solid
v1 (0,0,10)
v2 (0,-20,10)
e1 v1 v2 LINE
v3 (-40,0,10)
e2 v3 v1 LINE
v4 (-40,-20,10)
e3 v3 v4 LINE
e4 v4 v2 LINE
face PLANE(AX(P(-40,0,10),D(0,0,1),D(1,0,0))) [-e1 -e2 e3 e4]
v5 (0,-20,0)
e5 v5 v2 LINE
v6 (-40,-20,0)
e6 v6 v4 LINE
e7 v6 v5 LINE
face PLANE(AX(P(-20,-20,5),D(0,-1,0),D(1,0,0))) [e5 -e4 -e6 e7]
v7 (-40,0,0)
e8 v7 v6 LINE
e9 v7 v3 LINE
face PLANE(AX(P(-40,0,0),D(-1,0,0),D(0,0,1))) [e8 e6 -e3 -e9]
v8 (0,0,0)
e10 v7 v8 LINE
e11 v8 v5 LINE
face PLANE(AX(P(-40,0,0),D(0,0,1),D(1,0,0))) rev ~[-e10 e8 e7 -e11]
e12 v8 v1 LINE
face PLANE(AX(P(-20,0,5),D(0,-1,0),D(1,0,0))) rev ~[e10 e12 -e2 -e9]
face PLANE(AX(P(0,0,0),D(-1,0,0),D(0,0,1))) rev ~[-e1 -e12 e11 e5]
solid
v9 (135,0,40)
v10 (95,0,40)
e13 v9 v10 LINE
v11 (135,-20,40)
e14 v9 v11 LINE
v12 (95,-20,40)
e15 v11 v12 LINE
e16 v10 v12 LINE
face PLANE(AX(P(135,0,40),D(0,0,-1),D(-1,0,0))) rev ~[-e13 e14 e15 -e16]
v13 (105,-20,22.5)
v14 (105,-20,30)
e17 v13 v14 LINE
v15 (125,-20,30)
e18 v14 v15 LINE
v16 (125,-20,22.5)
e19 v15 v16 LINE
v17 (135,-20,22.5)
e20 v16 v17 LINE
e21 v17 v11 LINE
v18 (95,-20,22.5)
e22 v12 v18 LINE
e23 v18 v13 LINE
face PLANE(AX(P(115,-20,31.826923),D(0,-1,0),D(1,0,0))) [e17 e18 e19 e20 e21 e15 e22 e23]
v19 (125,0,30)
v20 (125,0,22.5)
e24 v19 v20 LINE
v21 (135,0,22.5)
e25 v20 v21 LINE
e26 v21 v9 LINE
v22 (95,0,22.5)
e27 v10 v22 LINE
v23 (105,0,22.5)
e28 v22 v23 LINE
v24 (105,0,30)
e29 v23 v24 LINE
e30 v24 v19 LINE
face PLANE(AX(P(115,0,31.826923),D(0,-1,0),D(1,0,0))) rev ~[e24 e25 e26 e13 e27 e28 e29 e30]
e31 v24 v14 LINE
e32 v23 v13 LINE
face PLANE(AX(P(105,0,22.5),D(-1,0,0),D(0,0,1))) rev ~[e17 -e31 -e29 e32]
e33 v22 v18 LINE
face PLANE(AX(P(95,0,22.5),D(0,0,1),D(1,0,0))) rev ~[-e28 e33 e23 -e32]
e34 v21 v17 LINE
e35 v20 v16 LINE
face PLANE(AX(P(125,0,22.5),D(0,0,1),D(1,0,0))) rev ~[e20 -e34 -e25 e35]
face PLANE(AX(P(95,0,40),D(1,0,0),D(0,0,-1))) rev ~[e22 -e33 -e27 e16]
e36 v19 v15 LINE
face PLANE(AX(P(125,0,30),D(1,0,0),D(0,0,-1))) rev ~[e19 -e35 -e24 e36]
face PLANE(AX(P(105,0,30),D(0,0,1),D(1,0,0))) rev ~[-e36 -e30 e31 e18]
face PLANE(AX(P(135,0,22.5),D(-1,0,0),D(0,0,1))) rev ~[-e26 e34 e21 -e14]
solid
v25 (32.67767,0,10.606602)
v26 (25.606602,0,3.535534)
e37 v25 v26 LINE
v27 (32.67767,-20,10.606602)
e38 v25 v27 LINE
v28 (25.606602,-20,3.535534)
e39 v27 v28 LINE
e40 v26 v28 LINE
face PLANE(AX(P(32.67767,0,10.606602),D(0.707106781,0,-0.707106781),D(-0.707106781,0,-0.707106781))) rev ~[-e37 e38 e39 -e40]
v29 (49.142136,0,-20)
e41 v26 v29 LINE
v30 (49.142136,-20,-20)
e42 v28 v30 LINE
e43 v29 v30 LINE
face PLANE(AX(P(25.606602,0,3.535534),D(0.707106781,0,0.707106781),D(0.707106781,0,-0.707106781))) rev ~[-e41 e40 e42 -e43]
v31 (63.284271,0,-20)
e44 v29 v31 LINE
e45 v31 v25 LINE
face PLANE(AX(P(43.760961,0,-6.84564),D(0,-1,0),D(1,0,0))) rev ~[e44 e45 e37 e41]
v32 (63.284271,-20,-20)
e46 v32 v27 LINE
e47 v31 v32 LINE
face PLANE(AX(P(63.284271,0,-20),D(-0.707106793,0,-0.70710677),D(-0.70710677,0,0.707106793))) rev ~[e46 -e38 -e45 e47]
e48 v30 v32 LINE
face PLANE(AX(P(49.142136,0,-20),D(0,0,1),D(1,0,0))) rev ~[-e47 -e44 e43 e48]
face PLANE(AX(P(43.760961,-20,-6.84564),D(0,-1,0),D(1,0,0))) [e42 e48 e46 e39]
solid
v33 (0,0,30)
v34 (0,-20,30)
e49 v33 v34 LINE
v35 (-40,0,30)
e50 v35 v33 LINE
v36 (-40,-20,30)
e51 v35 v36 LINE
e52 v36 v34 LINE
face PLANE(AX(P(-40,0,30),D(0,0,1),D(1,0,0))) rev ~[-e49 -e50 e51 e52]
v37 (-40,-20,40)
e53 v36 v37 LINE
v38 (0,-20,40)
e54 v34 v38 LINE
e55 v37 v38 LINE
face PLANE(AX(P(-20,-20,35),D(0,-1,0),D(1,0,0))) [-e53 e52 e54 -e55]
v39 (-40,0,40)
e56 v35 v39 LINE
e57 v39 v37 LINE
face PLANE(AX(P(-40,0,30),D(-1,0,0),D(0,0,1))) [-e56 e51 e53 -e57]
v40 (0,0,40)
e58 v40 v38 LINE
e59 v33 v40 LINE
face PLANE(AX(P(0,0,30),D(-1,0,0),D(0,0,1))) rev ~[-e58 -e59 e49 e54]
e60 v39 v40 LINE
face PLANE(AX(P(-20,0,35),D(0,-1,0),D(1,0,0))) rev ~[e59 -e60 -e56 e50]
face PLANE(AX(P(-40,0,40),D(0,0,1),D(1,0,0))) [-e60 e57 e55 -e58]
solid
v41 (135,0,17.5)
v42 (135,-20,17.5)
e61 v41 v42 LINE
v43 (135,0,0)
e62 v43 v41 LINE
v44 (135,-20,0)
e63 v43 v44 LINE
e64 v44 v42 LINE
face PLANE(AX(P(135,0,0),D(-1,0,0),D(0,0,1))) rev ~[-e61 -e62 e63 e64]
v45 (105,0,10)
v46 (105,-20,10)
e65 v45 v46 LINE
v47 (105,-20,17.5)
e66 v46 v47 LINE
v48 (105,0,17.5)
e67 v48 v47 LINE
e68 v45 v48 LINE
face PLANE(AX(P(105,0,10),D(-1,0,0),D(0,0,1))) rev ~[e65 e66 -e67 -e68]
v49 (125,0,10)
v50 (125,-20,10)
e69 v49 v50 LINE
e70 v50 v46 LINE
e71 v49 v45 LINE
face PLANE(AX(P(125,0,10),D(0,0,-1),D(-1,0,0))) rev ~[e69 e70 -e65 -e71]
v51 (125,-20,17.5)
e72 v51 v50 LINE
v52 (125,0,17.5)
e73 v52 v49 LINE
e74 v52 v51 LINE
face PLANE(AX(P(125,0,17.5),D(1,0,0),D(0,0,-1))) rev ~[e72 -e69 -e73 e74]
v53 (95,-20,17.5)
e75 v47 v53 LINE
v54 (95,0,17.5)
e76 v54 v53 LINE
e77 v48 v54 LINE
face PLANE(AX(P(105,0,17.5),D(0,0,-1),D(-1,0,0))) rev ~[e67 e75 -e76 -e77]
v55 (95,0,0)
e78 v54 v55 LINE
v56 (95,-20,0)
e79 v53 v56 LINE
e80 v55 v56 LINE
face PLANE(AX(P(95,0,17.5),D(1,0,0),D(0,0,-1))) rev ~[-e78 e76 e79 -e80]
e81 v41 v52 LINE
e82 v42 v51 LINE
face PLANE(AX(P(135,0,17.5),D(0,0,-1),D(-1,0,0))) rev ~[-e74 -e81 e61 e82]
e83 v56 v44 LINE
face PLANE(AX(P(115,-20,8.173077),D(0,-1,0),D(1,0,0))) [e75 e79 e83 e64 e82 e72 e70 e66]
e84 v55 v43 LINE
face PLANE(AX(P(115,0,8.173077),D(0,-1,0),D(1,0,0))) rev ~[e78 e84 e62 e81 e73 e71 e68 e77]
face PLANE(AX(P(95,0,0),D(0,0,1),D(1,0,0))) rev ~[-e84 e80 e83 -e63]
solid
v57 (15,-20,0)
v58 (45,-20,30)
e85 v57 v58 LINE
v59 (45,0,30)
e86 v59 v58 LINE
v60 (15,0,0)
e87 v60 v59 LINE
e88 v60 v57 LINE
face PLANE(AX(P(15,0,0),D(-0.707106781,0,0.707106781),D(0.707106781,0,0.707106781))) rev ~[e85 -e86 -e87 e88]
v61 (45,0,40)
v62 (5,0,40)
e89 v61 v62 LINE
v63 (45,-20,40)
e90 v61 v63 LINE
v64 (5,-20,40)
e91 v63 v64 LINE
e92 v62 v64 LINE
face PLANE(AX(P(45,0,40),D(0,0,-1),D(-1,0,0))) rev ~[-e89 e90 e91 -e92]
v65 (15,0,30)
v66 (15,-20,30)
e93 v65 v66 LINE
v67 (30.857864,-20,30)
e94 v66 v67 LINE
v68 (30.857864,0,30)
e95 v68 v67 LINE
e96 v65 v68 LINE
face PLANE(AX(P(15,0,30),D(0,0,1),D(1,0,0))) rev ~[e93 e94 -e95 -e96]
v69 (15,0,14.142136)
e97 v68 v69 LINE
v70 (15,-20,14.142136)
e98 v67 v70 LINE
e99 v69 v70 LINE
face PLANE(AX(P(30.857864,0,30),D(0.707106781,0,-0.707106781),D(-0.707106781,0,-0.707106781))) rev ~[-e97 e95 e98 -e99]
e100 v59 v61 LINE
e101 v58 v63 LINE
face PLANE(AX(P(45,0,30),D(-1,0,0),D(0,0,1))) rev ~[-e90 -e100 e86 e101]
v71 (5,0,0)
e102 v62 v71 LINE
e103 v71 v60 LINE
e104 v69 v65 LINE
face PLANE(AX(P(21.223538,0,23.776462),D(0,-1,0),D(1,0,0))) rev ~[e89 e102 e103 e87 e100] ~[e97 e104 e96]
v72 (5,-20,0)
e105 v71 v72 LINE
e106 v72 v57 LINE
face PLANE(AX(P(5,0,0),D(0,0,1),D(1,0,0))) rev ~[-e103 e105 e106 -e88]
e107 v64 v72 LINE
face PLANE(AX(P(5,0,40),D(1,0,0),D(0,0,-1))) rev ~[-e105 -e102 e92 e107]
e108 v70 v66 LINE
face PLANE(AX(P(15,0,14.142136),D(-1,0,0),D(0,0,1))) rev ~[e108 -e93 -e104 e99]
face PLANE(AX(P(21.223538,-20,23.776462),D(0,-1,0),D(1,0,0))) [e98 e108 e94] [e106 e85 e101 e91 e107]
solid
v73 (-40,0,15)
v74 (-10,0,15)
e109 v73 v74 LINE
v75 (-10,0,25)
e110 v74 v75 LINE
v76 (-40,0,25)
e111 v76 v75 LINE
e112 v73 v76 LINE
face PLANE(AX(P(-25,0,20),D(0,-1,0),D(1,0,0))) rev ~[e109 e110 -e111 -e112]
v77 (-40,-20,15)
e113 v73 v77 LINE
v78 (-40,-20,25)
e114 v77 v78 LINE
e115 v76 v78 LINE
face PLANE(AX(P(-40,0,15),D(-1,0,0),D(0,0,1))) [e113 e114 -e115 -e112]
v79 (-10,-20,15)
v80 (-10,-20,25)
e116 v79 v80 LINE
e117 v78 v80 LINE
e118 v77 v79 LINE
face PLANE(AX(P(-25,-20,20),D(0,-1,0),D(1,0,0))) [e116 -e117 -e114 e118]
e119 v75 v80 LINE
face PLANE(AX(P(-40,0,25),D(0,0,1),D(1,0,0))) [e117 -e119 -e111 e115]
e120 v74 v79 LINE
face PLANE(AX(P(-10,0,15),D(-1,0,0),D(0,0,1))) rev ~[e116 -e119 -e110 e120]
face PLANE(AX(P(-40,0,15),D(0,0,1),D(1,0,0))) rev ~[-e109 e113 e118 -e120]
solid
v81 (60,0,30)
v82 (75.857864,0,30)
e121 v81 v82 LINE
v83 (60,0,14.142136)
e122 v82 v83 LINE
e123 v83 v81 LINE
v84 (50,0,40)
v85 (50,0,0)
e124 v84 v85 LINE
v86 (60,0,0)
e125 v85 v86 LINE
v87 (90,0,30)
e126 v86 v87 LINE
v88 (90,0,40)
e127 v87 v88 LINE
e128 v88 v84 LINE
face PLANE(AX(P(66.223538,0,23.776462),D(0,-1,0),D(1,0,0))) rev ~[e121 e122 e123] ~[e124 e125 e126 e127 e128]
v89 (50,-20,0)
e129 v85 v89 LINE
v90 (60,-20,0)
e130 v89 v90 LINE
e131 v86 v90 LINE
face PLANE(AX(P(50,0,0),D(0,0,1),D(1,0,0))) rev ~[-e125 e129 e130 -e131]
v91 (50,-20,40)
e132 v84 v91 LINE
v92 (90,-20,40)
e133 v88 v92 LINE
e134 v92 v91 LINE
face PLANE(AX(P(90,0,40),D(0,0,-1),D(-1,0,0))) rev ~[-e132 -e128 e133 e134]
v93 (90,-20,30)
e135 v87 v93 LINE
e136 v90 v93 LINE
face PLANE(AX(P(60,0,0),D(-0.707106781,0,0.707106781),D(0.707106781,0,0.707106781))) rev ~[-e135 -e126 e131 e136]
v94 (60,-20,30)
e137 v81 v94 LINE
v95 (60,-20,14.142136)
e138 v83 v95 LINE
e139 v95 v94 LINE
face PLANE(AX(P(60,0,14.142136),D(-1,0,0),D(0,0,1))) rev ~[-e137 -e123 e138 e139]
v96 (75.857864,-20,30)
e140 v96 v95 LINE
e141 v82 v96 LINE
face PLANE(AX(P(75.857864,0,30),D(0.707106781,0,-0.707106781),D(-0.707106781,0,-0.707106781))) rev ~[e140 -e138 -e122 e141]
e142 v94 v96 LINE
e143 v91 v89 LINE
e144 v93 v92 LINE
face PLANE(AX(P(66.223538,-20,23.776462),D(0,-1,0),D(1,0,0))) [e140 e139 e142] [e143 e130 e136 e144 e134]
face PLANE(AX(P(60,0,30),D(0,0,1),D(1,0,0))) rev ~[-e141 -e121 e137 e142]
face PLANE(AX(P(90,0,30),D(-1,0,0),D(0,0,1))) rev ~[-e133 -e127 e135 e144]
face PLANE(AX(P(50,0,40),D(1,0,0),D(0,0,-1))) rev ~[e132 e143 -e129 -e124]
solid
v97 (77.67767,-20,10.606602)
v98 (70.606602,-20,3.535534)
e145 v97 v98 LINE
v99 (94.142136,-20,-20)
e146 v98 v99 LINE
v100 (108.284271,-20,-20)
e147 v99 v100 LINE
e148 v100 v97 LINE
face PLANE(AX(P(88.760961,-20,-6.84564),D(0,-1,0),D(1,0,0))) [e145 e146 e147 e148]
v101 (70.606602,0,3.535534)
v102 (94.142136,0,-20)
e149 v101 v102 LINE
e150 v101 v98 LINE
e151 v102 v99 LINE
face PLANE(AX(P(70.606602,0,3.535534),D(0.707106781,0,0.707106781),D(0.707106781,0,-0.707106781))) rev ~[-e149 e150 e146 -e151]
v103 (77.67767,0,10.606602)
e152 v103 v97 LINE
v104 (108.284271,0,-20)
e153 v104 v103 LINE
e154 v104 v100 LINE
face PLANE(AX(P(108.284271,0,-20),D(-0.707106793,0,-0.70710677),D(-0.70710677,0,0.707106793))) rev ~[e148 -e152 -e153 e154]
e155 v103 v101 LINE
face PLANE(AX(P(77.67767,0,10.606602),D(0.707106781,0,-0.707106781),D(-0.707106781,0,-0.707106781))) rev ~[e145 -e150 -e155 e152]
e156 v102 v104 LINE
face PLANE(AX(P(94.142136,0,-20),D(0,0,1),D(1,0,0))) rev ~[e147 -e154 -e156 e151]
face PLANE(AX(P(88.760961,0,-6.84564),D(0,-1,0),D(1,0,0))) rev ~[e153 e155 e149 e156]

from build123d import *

# Parameters (mm, degrees)
F0_W     = 30
F0_H     = 10
F0_W_2   = 40
F1_DEPTH = 20


with BuildPart() as f1:
    # F0 (on Front) → F1 (new body)
    with BuildSketch(Plane.XZ):
        with Locations((-25, 20)):
            Rectangle(F0_W, F0_H)
        with Locations((-20, 35)):
            Rectangle(F0_W_2, F0_H)
        with Locations((-20, 5)):
            Rectangle(F0_W_2, F0_H)
        Polygon((5, 40), (5, 0), (15, 0), (22.071068, 7.071068), (29.142136, 14.142136), (45, 30), (45, 40), align=None)
        Polygon((15, 14.142136), (15, 30), (30.857864, 30), align=None, mode=Mode.SUBTRACT)
        Polygon((32.67767, 10.606602), (25.606602, 3.535534), (49.142136, -20), (63.284271, -20), align=None)
        Polygon((77.67767, 10.606602), (70.606602, 3.535534), (94.142136, -20), (108.284271, -20), align=None)
        Polygon((50, 40), (50, 0), (60, 0), (67.071068, 7.071068), (74.142136, 14.142136), (90, 30), (90, 40), align=None)
        Polygon((60, 14.142136), (60, 30), (75.857864, 30), align=None, mode=Mode.SUBTRACT)
        Polygon((135, 40), (95, 40), (95, 22.5), (105, 22.5), (105, 30), (125, 30), (125, 22.5), (135, 22.5), align=None)
        Polygon((95, 17.5), (95, 0), (135, 0), (135, 17.5), (125, 17.5), (125, 10), (105, 10), (105, 17.5), align=None)
    extrude(amount=F1_DEPTH)


solid = f1.part
